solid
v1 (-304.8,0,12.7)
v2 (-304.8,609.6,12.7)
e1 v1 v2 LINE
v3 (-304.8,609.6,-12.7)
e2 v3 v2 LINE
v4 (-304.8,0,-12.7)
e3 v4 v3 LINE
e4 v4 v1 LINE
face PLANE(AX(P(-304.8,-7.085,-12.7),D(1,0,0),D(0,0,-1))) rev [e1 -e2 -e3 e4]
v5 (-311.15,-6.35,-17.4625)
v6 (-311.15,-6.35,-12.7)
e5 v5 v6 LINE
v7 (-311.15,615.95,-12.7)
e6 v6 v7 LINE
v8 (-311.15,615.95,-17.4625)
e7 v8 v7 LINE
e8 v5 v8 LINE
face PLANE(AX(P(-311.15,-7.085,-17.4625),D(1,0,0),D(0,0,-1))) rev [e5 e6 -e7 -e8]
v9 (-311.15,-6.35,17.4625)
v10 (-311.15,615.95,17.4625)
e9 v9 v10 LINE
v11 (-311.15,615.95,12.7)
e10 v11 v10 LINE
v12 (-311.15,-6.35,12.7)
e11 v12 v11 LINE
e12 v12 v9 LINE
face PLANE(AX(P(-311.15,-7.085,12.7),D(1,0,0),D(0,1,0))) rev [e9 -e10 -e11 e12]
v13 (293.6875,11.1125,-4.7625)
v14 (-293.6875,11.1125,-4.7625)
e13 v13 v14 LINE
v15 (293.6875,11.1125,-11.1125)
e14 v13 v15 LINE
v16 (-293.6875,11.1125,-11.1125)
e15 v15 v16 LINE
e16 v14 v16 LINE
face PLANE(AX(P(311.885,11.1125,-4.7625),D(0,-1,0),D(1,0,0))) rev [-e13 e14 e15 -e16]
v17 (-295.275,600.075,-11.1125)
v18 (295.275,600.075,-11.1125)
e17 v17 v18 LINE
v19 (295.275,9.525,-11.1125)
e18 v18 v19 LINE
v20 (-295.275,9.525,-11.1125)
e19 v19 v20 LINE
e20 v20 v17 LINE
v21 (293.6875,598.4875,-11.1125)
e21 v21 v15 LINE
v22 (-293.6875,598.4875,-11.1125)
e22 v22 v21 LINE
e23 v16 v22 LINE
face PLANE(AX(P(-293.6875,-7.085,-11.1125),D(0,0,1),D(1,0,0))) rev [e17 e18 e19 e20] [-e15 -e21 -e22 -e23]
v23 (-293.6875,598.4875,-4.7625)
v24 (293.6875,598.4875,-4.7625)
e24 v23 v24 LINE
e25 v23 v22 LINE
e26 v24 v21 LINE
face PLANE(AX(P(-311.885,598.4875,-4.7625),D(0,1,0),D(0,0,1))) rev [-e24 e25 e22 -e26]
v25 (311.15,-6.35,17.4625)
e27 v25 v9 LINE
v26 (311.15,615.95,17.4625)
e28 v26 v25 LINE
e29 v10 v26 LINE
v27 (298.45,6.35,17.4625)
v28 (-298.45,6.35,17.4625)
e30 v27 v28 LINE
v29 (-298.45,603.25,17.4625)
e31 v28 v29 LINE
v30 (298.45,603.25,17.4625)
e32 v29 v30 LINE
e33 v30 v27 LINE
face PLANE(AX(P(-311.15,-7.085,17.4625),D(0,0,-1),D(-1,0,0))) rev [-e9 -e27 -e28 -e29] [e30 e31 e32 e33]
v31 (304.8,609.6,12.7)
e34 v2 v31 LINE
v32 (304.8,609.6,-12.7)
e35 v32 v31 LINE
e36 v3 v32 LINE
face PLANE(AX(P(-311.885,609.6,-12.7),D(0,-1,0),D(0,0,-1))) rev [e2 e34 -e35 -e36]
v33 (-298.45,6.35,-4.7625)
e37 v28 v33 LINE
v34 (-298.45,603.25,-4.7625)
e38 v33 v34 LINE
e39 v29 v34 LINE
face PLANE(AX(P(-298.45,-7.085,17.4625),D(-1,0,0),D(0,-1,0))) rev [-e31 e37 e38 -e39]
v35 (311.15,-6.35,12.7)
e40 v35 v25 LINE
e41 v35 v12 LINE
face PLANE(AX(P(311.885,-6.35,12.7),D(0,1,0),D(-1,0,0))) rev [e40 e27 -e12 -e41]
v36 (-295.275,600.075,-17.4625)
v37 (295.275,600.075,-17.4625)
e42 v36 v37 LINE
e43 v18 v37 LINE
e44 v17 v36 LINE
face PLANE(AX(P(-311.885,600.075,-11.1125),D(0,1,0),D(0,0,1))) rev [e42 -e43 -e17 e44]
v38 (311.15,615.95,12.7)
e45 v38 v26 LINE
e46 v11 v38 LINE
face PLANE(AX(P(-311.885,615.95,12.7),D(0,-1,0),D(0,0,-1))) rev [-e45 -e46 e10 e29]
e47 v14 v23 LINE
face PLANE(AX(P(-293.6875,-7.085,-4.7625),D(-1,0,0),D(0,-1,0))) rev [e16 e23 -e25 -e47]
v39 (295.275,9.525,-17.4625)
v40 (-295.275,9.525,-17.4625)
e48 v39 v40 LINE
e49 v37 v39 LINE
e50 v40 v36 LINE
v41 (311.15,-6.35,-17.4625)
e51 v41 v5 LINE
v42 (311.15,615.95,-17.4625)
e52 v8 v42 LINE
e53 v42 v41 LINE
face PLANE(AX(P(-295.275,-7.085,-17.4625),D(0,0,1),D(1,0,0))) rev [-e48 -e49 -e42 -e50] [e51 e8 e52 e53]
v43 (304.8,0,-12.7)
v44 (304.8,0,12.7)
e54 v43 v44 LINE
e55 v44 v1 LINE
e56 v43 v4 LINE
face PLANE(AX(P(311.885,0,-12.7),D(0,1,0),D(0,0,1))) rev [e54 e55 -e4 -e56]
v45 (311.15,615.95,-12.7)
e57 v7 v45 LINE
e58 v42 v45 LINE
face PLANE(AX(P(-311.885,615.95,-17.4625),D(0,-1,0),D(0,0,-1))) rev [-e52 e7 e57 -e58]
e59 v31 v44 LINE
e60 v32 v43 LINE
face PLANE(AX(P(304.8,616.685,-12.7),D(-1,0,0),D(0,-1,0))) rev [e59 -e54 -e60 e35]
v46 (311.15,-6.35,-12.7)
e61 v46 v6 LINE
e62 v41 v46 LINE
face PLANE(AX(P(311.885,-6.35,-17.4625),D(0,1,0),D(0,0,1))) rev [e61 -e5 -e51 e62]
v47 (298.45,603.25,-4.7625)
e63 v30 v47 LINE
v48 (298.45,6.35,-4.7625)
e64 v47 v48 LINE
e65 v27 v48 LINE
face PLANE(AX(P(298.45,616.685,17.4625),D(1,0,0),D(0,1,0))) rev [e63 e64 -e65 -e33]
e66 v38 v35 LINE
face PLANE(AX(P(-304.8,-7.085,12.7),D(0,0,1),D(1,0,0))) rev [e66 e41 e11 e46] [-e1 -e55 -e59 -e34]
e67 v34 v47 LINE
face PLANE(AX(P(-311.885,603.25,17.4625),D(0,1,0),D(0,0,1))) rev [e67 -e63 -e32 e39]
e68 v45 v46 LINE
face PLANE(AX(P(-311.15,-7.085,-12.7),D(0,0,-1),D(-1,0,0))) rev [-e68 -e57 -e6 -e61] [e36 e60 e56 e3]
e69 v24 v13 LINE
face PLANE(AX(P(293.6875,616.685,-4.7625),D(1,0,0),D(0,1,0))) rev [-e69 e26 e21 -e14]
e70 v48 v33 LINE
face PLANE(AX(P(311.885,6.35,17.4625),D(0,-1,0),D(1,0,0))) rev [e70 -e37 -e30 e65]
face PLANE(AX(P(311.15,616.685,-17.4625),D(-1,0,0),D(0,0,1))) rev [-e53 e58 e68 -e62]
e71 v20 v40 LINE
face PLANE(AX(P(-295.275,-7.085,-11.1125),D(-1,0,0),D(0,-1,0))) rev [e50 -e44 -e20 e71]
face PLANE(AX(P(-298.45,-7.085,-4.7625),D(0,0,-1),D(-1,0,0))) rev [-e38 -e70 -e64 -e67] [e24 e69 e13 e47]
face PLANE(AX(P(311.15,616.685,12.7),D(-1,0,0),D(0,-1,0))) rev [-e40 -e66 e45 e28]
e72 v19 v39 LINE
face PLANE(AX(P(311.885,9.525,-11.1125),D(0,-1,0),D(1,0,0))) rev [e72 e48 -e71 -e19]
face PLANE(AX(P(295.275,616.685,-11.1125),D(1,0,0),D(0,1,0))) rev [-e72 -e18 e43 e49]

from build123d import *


with BuildPart() as part:
    # Sweep1: sweep along a path in Sketch2
    with BuildLine(Plane.XY) as sweep1_path:
        Line((304.8, 609.6), (-304.8, 609.6))
        Line((-304.8, 609.6), (-304.8, 0))
        Line((-304.8, 0), (304.8, 0))
        Line((304.8, 0), (304.8, 609.6))
    # Sketch1 → Sweep1 (sweep)
    with BuildSketch(Plane(origin=(0, 0, 0), x_dir=(0, 0, -1), z_dir=(1, 0, 0))):
        Polygon((-12.7, -6.35), (-17.4625, -6.35), (-17.4625, 6.35), (4.7625, 6.35), (4.7625, 11.1125), (11.1125, 11.1125), (11.1125, 9.525), (17.4625, 9.525), (17.4625, -6.35), (12.7, -6.35), (12.7, 0), (-12.7, 0), align=None)
    sweep(path=sweep1_path.line, transition=Transition.RIGHT)


solid = part.part
